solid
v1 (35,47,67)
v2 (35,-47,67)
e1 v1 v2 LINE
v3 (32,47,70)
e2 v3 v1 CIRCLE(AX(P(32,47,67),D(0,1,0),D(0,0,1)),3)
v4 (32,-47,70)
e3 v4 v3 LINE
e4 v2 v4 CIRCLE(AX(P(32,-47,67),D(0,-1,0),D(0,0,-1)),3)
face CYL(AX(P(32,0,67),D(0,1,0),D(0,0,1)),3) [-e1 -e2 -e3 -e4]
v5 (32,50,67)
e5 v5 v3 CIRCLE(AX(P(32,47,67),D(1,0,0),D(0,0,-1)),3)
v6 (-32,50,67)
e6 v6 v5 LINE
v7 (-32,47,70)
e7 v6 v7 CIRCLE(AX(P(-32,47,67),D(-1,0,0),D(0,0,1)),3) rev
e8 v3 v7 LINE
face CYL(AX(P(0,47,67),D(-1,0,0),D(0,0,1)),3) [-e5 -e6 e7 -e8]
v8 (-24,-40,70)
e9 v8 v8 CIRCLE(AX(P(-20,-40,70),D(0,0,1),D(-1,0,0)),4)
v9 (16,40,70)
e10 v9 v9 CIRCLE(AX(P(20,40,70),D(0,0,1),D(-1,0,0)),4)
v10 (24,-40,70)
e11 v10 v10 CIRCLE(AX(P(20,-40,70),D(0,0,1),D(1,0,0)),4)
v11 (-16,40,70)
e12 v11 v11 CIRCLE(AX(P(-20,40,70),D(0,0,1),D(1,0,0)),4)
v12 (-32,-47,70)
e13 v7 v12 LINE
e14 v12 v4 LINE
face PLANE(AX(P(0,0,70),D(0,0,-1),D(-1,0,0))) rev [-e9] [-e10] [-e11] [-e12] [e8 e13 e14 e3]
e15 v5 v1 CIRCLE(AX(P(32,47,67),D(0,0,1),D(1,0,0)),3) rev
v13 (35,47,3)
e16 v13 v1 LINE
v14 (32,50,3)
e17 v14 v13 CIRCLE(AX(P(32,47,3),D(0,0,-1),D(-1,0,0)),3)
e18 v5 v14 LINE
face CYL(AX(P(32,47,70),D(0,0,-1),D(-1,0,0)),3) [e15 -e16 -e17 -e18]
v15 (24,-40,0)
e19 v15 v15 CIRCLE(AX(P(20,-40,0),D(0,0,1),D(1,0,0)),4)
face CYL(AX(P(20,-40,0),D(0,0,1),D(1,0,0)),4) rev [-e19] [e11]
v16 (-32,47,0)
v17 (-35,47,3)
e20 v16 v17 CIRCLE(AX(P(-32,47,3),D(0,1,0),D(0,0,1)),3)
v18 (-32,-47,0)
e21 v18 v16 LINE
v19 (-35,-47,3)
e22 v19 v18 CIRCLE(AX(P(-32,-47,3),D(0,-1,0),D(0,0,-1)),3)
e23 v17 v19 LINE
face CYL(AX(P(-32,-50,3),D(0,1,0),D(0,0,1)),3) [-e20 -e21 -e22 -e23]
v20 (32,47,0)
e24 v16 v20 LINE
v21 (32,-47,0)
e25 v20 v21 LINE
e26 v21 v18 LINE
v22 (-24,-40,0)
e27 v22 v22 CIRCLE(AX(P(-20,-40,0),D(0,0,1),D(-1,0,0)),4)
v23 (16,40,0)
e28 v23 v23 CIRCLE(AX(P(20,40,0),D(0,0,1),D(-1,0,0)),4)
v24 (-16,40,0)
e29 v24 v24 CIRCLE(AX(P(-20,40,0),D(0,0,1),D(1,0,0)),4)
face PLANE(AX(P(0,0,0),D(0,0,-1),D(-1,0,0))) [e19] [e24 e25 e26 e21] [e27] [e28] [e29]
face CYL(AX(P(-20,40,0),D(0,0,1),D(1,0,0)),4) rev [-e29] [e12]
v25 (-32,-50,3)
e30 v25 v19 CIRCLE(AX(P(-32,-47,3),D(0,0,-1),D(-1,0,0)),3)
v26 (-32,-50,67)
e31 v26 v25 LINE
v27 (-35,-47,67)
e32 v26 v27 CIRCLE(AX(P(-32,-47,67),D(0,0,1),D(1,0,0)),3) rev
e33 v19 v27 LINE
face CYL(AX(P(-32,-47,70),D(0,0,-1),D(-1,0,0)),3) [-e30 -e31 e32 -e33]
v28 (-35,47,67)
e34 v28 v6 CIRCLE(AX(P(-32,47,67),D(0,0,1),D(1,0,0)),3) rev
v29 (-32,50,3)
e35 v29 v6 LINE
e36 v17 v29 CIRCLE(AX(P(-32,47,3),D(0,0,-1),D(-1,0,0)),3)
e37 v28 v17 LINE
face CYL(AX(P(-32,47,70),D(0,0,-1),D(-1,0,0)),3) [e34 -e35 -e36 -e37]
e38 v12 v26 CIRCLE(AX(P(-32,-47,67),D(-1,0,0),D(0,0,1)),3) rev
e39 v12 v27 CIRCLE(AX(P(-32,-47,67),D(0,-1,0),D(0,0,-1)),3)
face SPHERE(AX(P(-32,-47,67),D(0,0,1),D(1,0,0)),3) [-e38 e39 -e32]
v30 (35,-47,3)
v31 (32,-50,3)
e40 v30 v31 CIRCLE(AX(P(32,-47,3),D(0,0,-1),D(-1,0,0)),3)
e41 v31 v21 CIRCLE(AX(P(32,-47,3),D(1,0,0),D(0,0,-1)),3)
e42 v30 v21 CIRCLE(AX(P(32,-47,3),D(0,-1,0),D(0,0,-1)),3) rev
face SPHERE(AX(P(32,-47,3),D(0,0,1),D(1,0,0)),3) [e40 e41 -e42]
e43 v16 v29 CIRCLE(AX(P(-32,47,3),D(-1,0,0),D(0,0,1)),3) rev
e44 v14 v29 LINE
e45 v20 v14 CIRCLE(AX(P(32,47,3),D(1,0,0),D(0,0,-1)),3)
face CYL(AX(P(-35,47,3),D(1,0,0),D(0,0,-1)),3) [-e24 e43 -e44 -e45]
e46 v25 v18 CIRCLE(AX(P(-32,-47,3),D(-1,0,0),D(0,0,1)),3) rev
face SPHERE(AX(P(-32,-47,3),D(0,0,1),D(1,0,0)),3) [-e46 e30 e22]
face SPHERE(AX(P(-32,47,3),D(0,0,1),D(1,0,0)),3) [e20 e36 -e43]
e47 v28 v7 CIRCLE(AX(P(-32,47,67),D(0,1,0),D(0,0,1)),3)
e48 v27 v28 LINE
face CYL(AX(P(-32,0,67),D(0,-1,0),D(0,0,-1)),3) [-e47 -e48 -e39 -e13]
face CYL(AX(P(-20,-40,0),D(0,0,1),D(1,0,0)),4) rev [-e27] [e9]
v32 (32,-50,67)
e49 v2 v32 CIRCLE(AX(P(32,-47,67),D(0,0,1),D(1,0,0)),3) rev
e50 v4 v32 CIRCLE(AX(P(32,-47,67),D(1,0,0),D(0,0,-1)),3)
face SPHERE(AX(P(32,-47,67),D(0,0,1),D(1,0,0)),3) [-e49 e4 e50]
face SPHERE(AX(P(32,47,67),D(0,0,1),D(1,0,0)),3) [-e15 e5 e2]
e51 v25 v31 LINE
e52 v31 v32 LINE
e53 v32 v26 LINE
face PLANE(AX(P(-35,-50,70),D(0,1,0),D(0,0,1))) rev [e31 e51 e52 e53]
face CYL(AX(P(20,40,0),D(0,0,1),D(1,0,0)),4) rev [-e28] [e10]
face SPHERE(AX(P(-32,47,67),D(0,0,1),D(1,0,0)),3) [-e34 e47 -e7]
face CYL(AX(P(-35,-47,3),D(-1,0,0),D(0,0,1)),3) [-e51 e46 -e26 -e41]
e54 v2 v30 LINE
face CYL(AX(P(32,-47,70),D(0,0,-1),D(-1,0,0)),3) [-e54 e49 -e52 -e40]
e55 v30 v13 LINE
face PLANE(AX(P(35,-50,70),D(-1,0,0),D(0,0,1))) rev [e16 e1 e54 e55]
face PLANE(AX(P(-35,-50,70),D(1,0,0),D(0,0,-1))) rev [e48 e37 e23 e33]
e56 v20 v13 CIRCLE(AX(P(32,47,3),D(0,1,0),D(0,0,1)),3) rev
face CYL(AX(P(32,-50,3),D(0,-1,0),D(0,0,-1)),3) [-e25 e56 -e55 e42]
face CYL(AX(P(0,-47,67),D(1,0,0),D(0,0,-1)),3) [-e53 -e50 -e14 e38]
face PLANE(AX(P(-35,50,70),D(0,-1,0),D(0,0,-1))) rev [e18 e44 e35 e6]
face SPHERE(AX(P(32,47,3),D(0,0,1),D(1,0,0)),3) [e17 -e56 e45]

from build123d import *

# Parameters (mm, degrees)
SKETCH1_W           = 70
SKETCH1_H           = 100
BOSS_EXTRUDE1_DEPTH = 70
SKETCH2_R           = 4
CUT_EXTRUDE1_DEPTH  = 93.870878105
FILLET1_R           = 3


with BuildPart() as part:
    # Sketch1 → Boss-Extrude1 (new body)
    with BuildSketch(Plane.XY):
        Rectangle(SKETCH1_W, SKETCH1_H)
    extrude(amount=BOSS_EXTRUDE1_DEPTH)

    # Sketch2 → Cut-Extrude1 (cut, through all)
    with BuildSketch(Plane.XY.offset(70)):
        with Locations((-20, 40)):
            Circle(SKETCH2_R)
        with Locations(Location((-20, -40, 0), (0, 0, 180))):
            Circle(SKETCH2_R)
        with Locations((20, -40)):
            Circle(SKETCH2_R)
        with Locations(Location((20, 40, 0), (0, 0, 180))):
            Circle(SKETCH2_R)
    extrude(amount=-CUT_EXTRUDE1_DEPTH, mode=Mode.SUBTRACT)

    # Fillet1
    fillet1_edges = [part.edges().sort_by_distance(p)[0] for p in [
        (-35, 0, 70),
        (0, -50, 70),
        (35, 0, 70),
        (0, -50, 0),
        (-35, 0, 0),
        (0, 50, 0),
        (35, 0, 0),
        (0, 50, 70),
        (35, -50, 35),
        (-35, -50, 35),
        (-35, 50, 35),
        (35, 50, 35),
    ]]
    fillet(fillet1_edges, radius=FILLET1_R)


solid = part.part
